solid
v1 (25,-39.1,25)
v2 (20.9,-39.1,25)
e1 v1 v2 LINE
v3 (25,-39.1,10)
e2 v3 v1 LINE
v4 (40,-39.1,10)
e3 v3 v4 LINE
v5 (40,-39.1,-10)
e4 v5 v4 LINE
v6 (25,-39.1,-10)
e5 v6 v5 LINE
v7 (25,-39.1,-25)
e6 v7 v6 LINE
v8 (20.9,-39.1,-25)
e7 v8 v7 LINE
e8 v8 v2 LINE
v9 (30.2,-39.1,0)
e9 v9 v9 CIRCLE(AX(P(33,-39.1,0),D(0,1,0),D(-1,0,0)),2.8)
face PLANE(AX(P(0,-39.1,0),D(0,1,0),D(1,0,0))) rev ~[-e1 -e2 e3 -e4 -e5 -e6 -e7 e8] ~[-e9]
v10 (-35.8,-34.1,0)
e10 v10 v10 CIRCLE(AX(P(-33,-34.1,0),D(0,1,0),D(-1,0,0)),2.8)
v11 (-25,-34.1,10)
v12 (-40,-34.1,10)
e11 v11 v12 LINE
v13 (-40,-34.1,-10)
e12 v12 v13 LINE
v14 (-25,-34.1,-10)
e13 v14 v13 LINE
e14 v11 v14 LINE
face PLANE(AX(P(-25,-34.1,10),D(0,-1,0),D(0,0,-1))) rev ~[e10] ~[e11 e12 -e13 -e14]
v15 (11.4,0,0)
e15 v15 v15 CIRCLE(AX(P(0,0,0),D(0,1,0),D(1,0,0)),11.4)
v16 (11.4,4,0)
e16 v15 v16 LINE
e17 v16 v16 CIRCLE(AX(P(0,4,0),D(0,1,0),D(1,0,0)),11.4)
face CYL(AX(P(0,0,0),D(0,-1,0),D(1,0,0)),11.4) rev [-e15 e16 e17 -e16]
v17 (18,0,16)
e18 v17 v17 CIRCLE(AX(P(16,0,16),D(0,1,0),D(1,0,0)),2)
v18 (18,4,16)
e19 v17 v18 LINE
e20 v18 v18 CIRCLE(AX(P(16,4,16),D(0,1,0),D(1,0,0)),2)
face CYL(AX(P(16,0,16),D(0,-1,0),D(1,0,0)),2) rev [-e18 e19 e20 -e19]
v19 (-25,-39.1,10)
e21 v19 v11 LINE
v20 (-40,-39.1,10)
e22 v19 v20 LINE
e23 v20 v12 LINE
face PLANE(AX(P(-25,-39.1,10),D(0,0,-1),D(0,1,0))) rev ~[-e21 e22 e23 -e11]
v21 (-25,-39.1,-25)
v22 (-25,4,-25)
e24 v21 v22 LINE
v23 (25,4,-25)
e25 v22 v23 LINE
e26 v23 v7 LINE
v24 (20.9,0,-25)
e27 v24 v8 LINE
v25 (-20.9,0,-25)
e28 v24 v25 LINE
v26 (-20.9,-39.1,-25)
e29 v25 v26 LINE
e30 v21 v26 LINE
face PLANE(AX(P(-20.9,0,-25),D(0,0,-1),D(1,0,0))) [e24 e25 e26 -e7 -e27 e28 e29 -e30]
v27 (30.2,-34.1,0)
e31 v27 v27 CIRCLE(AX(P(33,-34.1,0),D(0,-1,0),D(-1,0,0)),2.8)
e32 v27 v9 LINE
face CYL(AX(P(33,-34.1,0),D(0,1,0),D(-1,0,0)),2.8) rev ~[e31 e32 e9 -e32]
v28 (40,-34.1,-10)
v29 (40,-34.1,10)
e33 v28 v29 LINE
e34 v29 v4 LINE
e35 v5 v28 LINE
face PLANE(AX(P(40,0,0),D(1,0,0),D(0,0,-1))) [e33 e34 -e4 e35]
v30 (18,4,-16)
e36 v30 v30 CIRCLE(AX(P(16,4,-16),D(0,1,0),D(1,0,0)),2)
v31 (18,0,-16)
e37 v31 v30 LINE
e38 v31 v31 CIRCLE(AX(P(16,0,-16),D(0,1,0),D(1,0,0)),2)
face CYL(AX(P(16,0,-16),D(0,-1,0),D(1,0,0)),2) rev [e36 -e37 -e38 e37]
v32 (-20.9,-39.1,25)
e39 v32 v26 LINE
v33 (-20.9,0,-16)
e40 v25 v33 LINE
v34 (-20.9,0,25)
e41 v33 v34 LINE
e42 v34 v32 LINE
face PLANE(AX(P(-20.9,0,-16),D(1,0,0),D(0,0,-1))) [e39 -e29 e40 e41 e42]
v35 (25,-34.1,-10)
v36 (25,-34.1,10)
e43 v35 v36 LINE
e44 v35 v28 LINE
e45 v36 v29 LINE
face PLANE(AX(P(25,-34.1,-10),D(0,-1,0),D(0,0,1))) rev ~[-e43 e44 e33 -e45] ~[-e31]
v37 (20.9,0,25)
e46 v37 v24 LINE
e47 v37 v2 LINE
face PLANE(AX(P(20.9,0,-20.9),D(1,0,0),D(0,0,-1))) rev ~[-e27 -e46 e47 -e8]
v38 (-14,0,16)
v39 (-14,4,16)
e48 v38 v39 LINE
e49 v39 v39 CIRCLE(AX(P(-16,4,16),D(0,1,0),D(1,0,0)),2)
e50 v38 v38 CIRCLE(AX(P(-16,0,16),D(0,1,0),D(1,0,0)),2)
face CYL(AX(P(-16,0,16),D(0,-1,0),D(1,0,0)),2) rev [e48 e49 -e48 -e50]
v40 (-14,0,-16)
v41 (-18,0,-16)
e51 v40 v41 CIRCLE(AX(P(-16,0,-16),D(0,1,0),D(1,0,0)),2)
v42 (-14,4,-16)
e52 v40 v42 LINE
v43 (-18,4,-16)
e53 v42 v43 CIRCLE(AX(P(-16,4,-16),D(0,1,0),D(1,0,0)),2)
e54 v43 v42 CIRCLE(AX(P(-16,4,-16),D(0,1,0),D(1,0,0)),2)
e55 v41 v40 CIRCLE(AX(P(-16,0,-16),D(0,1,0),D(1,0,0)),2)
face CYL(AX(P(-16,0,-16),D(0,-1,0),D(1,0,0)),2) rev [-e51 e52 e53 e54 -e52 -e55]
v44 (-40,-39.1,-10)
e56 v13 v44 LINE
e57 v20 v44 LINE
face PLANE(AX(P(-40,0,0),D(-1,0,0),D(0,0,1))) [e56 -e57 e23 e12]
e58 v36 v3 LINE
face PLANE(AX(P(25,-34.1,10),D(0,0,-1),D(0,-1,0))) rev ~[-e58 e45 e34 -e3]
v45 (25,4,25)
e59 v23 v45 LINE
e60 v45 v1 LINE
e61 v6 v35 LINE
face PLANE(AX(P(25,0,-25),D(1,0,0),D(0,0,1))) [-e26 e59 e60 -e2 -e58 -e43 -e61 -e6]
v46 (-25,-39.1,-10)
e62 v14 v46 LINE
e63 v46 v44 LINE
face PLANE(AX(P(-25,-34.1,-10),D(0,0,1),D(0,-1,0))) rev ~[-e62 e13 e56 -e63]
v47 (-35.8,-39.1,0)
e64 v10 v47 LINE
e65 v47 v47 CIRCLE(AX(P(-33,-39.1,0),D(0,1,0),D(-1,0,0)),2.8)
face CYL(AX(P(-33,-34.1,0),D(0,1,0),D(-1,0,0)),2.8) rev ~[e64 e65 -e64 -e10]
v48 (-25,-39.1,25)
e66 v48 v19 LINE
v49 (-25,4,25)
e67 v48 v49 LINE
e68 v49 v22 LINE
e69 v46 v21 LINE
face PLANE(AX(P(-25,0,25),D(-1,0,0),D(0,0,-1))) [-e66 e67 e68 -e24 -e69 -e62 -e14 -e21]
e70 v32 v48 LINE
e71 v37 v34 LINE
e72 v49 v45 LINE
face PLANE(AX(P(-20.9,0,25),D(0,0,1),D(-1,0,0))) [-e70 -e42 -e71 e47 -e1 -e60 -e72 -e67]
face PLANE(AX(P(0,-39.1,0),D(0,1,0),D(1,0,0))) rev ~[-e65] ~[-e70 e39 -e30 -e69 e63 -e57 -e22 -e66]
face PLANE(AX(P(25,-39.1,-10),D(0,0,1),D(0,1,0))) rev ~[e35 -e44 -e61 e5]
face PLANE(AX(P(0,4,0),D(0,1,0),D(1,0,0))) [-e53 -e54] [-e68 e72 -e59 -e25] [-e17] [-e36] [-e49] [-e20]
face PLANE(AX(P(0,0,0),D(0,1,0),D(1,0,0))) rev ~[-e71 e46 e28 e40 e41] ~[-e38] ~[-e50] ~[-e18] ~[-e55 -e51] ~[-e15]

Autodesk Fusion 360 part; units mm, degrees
sketch "Sketch1" plane through (0, 0, 0) normal (0, 1, 0) x (1, 0, 0)
  line L0 (-20.9, 20.9) -> (20.9, 20.9)
  line L1 (20.9, 20.9) -> (20.9, -20.9)
  line L2 (20.9, -20.9) -> (-20.9, -20.9)
  line L3 (-20.9, -20.9) -> (-20.9, 20.9)
  line L4 (-20.9, 20.9) -> (20.9, -20.9) construction
  line L5 (20.9, 20.9) -> (-20.9, -20.9) construction
  line L6 (-20.9, 20.9) -> (-20.9, 16)
  line L7 (-20.9, 16) -> (-16, 16)
  circle A0 centre (-16, 16) radius 2
  circle A1 centre (-16, -16) radius 2
  circle A2 centre (16, -16) radius 2
  circle A3 centre (16, 16) radius 2
  line L8 (-25, 25) -> (25, 25)
  line L9 (25, 25) -> (25, -25)
  line L10 (25, -25) -> (-25, -25)
  line L11 (-25, -25) -> (-25, 25)
  line L12 (-25, 25) -> (25, -25) construction
  line L13 (25, 25) -> (-25, -25) construction
  line L14 (-20.9, 25) -> (-20.9, -25)
  line L15 (20.9, -25) -> (20.9, 25)
  circle A4 centre (0, 0) radius 11.4
  dimension "d1" = 41.8
  dimension "d2" = 41.8
  dimension "d3" = 4.9
  dimension "d4" = 4.9
  dimension "d5" = 4
  dimension "d7" = 360
  dimension "d8" = 50
  dimension "d9" = 50
  dimension "d10" = 22.8
extrude "Extrude1" add sketch "Sketch1" along normal blind 4
extrude "Extrude2" add sketch "Sketch1" against normal blind 39.1 contours L3 L6 L8 L10 L11 L14 | L1 L8 L9 L10 L15
sketch "Sketch2" plane through (-25, 0, 0) normal (-1, 0, 0) x (0, 0, 1)
  line L0 (25, -39.1) -> (25, 4)
  line L1 (25, 4) -> (-25, 4)
  line L2 (-25, 4) -> (-25, -39.1)
  line L3 (-25, -39.1) -> (25, -39.1)
  line L4 (0, -39.1) -> (-10, -39.1)
  line L5 (-10, -39.1) -> (10, -39.1)
  line L6 (10, -39.1) -> (10, -34.1)
  line L7 (10, -34.1) -> (-10, -34.1)
  line L8 (-10, -34.1) -> (-10, -39.1)
  dimension "d15" = 10
  dimension "d16" = 20
  dimension "d17" = 5
sketch "Sketch3" plane through (25, 0, 0) normal (1, 0, 0) x (0, 0, -1)
  line L0 (25, -39.1) -> (25, 4)
  line L1 (25, 4) -> (-25, 4)
  line L2 (-25, 4) -> (-25, -39.1)
  line L3 (-25, -39.1) -> (25, -39.1)
  line L4 (0, -39.1) -> (-10, -39.1)
  line L5 (-10, -39.1) -> (10, -39.1)
  line L6 (10, -39.1) -> (10, -34.1)
  line L7 (10, -34.1) -> (-10, -34.1)
  line L8 (-10, -34.1) -> (-10, -39.1)
  dimension "d18" = 20
  dimension "d19" = 5
extrude "Extrude3" add sketch "Sketch3" along normal blind 15 contours L3 L4 L5 L6 L7 L8
extrude "Extrude4" add sketch "Sketch2" along normal blind 15 contours L3 L4 L5 L6 L7 L8
sketch "Sketch4" plane through (0, -34.1, 0) normal (0, 1, 0) x (-1, 0, 0)
  line L0 (25, 10) -> (25, -10)
  line L1 (25, -10) -> (40, -10)
  line L2 (40, -10) -> (40, 10)
  line L3 (40, 10) -> (25, 10)
  line L4 (40, 0) -> (33, 0)
  circle A0 centre (33, 0) radius 2.8
  dimension "d24" = 7
  dimension "d25" = 5.6
sketch "Sketch5" plane through (0, -34.1, 0) normal (0, 1, 0) x (-1, 0, 0)
  line L0 (-25, -10) -> (-25, 10)
  line L1 (-25, 10) -> (-40, 10)
  line L2 (-40, 10) -> (-40, -10)
  line L3 (-40, -10) -> (-25, -10)
  line L4 (-40, 0) -> (-33, 0)
  circle A0 centre (-33, 0) radius 2.8
  dimension "d26" = 7
  dimension "d27" = 5.6
extrude "Extrude5" cut sketch "Sketch4" sketch "Sketch5" against normal blind 30 contours A0 of sketch 2 contours A0
